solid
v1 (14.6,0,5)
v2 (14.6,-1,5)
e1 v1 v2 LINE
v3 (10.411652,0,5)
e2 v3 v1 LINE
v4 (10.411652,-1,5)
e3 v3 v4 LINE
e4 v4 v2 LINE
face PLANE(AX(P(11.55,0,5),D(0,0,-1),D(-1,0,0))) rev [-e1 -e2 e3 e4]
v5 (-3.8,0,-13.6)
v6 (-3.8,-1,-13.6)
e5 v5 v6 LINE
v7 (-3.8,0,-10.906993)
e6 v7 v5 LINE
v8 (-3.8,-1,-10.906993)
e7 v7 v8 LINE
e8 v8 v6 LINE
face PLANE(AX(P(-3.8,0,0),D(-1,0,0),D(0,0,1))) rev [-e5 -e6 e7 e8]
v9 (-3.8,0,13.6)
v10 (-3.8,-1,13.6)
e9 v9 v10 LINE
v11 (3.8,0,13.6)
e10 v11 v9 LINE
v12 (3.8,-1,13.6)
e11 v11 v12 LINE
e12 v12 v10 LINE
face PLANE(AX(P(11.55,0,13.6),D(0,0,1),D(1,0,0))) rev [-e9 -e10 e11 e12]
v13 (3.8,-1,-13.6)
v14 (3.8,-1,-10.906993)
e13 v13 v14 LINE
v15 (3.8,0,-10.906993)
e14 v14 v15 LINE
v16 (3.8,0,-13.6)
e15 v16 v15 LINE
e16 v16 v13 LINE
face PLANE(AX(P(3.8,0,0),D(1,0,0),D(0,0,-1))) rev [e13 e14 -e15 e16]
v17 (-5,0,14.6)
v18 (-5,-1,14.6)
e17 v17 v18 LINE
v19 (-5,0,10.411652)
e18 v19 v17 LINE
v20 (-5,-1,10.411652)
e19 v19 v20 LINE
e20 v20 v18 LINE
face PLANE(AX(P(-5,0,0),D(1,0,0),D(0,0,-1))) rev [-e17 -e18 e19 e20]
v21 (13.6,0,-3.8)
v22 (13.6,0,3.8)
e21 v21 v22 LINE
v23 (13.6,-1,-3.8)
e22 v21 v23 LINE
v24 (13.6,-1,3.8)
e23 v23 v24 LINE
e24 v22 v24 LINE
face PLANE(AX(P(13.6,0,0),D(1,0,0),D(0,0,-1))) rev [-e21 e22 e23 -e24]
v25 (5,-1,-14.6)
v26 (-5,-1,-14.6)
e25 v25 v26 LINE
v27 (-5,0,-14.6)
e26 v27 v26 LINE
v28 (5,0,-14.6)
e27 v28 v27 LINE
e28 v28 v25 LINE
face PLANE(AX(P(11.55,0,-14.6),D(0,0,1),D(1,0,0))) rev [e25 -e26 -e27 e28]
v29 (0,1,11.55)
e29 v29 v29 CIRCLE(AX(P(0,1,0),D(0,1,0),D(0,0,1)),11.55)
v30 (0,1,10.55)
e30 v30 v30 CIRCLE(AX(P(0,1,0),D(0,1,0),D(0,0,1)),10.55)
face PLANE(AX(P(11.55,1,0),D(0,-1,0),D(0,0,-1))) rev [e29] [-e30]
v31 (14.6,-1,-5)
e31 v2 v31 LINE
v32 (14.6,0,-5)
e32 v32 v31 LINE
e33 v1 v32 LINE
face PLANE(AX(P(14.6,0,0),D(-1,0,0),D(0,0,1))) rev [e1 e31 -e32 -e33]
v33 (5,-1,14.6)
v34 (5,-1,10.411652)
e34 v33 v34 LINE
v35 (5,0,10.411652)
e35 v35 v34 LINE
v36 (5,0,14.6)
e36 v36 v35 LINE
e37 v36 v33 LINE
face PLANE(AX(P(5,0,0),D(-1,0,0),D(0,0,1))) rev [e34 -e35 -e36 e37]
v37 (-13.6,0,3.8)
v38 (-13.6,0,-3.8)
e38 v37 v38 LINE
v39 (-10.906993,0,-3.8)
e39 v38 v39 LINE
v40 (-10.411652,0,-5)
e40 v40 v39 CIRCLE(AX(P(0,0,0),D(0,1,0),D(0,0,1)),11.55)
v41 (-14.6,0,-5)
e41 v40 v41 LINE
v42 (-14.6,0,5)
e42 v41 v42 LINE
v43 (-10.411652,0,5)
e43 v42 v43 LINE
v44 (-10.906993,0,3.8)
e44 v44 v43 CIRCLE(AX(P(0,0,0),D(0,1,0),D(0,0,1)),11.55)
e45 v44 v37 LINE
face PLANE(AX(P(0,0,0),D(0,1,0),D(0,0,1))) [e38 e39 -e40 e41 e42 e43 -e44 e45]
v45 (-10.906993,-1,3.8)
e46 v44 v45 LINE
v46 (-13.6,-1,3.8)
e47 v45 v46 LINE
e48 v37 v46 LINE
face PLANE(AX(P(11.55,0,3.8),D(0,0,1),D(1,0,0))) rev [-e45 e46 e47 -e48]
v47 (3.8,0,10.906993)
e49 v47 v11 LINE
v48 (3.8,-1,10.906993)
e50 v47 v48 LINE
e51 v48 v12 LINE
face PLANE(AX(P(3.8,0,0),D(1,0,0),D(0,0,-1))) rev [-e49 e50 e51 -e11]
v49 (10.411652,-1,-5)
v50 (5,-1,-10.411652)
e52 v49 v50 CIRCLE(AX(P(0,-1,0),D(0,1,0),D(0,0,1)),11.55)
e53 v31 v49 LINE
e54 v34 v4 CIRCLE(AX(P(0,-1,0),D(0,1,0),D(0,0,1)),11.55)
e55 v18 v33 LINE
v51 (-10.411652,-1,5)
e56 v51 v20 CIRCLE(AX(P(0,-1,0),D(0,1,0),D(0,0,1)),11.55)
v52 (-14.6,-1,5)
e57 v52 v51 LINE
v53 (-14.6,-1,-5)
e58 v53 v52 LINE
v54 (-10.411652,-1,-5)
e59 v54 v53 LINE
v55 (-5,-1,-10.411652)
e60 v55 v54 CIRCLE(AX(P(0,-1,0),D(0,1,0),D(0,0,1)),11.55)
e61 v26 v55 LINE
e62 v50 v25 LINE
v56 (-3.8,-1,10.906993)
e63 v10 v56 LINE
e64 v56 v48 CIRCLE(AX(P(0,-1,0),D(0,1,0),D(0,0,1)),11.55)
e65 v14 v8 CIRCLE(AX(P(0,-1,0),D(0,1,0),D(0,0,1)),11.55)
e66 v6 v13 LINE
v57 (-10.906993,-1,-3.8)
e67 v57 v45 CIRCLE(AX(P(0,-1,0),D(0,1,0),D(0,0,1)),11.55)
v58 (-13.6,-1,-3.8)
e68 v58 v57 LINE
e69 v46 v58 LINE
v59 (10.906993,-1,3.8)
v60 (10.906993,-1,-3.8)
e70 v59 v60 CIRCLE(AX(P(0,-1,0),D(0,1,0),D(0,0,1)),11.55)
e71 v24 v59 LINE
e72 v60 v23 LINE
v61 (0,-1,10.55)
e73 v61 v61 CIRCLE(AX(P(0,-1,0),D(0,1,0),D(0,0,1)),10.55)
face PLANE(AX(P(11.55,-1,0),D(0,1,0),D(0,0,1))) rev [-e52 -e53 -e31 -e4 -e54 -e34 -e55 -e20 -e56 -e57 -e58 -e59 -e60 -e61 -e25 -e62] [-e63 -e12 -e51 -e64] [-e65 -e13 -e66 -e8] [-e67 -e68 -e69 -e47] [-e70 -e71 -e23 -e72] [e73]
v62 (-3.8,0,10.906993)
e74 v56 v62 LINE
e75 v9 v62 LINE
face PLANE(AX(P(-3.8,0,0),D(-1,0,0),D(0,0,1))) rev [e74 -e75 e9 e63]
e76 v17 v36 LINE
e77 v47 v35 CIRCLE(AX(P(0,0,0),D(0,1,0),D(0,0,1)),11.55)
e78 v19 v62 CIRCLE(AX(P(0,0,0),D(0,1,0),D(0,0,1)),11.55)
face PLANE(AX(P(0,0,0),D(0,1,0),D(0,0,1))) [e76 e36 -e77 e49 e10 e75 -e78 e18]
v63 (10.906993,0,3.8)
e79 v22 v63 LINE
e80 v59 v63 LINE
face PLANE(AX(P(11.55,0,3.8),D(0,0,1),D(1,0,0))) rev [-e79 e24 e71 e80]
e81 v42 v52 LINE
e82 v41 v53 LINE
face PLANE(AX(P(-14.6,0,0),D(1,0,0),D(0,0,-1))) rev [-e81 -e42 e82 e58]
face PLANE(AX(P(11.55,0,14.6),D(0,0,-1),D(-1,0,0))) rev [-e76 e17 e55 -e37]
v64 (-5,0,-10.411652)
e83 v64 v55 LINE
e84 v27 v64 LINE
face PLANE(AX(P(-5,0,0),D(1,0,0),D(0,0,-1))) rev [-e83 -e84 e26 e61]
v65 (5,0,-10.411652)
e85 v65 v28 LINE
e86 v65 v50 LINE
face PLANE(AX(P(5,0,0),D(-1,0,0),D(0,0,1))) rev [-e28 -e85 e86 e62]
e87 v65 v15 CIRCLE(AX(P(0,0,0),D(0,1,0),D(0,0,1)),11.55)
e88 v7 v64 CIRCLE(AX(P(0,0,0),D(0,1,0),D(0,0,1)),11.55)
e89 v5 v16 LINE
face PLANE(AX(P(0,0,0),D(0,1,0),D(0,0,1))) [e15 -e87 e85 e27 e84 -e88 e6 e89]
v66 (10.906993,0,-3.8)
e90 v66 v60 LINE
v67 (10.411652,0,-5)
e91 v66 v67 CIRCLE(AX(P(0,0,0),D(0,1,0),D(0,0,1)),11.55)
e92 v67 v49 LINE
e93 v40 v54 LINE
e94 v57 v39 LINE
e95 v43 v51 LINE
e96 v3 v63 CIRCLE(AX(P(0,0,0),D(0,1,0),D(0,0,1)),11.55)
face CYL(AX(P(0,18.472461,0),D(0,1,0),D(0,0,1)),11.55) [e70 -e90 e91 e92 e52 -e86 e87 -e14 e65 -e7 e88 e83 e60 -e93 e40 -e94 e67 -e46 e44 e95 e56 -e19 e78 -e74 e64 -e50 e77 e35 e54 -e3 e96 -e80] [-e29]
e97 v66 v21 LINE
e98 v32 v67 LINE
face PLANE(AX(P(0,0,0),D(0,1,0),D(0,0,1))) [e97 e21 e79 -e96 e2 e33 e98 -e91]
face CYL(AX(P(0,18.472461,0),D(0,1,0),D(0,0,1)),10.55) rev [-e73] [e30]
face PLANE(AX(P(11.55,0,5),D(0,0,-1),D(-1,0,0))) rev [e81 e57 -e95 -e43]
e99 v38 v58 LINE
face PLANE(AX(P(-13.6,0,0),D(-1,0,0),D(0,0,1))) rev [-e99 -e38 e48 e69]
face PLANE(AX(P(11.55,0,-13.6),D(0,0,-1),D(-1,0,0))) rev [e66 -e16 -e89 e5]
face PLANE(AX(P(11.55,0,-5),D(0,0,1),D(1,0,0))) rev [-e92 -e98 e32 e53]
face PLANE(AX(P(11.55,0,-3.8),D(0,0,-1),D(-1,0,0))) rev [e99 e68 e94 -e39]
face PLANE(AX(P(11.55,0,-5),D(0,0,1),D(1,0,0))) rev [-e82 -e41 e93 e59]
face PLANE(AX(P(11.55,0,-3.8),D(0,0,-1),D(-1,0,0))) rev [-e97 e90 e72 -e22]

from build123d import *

# Parameters (mm, degrees)
CROQUIS1_W              = 1
CROQUIS1_H              = 2
SALIENTE_EXTRUIR1_START = -1
SALIENTE_EXTRUIR1_DEPTH = 1
MATRIZC1_COUNT          = 4


with BuildPart() as part:
    # Croquis1 → Revolución1 (revolve)
    with BuildSketch(Plane.XY, mode=Mode.PRIVATE) as revoluci_n1_sk:
        with Locations((11.05, 0)):
            Rectangle(CROQUIS1_W, CROQUIS1_H)
    revolve(revoluci_n1_sk.sketch.rotate(Axis((0, 18.472461404, 0), (0, -1, 0)), 90), axis=Axis((0, 18.472461404, 0), (0, -1, 0)))

    # Croquis2 → Saliente-Extruir1 (add)
    with BuildSketch(Plane(origin=(0, 0, 0), x_dir=(1, 0, 0), z_dir=(0, 1, 0)).offset(SALIENTE_EXTRUIR1_START)):
        Polygon((-5, -10.411652126), (-5, -14.6), (5, -14.6), (5, -10.411652126), (3.8, -10.411652126), (3.8, -10.90699317), (3.8, -13.6), (-3.8, -13.6), (-3.8, -10.90699317), (-3.8, -10.411652126), align=None)
    saliente_extruir1 = extrude(amount=SALIENTE_EXTRUIR1_DEPTH)

    # MatrizC1: Saliente-Extruir1 ×4 about axis
    matrizc1_axis = Axis((0, 0, 0), (0, 1, 0))
    for i in range(1, MATRIZC1_COUNT):
        add(saliente_extruir1.rotate(matrizc1_axis, i * 360 / MATRIZC1_COUNT))


solid = part.part
